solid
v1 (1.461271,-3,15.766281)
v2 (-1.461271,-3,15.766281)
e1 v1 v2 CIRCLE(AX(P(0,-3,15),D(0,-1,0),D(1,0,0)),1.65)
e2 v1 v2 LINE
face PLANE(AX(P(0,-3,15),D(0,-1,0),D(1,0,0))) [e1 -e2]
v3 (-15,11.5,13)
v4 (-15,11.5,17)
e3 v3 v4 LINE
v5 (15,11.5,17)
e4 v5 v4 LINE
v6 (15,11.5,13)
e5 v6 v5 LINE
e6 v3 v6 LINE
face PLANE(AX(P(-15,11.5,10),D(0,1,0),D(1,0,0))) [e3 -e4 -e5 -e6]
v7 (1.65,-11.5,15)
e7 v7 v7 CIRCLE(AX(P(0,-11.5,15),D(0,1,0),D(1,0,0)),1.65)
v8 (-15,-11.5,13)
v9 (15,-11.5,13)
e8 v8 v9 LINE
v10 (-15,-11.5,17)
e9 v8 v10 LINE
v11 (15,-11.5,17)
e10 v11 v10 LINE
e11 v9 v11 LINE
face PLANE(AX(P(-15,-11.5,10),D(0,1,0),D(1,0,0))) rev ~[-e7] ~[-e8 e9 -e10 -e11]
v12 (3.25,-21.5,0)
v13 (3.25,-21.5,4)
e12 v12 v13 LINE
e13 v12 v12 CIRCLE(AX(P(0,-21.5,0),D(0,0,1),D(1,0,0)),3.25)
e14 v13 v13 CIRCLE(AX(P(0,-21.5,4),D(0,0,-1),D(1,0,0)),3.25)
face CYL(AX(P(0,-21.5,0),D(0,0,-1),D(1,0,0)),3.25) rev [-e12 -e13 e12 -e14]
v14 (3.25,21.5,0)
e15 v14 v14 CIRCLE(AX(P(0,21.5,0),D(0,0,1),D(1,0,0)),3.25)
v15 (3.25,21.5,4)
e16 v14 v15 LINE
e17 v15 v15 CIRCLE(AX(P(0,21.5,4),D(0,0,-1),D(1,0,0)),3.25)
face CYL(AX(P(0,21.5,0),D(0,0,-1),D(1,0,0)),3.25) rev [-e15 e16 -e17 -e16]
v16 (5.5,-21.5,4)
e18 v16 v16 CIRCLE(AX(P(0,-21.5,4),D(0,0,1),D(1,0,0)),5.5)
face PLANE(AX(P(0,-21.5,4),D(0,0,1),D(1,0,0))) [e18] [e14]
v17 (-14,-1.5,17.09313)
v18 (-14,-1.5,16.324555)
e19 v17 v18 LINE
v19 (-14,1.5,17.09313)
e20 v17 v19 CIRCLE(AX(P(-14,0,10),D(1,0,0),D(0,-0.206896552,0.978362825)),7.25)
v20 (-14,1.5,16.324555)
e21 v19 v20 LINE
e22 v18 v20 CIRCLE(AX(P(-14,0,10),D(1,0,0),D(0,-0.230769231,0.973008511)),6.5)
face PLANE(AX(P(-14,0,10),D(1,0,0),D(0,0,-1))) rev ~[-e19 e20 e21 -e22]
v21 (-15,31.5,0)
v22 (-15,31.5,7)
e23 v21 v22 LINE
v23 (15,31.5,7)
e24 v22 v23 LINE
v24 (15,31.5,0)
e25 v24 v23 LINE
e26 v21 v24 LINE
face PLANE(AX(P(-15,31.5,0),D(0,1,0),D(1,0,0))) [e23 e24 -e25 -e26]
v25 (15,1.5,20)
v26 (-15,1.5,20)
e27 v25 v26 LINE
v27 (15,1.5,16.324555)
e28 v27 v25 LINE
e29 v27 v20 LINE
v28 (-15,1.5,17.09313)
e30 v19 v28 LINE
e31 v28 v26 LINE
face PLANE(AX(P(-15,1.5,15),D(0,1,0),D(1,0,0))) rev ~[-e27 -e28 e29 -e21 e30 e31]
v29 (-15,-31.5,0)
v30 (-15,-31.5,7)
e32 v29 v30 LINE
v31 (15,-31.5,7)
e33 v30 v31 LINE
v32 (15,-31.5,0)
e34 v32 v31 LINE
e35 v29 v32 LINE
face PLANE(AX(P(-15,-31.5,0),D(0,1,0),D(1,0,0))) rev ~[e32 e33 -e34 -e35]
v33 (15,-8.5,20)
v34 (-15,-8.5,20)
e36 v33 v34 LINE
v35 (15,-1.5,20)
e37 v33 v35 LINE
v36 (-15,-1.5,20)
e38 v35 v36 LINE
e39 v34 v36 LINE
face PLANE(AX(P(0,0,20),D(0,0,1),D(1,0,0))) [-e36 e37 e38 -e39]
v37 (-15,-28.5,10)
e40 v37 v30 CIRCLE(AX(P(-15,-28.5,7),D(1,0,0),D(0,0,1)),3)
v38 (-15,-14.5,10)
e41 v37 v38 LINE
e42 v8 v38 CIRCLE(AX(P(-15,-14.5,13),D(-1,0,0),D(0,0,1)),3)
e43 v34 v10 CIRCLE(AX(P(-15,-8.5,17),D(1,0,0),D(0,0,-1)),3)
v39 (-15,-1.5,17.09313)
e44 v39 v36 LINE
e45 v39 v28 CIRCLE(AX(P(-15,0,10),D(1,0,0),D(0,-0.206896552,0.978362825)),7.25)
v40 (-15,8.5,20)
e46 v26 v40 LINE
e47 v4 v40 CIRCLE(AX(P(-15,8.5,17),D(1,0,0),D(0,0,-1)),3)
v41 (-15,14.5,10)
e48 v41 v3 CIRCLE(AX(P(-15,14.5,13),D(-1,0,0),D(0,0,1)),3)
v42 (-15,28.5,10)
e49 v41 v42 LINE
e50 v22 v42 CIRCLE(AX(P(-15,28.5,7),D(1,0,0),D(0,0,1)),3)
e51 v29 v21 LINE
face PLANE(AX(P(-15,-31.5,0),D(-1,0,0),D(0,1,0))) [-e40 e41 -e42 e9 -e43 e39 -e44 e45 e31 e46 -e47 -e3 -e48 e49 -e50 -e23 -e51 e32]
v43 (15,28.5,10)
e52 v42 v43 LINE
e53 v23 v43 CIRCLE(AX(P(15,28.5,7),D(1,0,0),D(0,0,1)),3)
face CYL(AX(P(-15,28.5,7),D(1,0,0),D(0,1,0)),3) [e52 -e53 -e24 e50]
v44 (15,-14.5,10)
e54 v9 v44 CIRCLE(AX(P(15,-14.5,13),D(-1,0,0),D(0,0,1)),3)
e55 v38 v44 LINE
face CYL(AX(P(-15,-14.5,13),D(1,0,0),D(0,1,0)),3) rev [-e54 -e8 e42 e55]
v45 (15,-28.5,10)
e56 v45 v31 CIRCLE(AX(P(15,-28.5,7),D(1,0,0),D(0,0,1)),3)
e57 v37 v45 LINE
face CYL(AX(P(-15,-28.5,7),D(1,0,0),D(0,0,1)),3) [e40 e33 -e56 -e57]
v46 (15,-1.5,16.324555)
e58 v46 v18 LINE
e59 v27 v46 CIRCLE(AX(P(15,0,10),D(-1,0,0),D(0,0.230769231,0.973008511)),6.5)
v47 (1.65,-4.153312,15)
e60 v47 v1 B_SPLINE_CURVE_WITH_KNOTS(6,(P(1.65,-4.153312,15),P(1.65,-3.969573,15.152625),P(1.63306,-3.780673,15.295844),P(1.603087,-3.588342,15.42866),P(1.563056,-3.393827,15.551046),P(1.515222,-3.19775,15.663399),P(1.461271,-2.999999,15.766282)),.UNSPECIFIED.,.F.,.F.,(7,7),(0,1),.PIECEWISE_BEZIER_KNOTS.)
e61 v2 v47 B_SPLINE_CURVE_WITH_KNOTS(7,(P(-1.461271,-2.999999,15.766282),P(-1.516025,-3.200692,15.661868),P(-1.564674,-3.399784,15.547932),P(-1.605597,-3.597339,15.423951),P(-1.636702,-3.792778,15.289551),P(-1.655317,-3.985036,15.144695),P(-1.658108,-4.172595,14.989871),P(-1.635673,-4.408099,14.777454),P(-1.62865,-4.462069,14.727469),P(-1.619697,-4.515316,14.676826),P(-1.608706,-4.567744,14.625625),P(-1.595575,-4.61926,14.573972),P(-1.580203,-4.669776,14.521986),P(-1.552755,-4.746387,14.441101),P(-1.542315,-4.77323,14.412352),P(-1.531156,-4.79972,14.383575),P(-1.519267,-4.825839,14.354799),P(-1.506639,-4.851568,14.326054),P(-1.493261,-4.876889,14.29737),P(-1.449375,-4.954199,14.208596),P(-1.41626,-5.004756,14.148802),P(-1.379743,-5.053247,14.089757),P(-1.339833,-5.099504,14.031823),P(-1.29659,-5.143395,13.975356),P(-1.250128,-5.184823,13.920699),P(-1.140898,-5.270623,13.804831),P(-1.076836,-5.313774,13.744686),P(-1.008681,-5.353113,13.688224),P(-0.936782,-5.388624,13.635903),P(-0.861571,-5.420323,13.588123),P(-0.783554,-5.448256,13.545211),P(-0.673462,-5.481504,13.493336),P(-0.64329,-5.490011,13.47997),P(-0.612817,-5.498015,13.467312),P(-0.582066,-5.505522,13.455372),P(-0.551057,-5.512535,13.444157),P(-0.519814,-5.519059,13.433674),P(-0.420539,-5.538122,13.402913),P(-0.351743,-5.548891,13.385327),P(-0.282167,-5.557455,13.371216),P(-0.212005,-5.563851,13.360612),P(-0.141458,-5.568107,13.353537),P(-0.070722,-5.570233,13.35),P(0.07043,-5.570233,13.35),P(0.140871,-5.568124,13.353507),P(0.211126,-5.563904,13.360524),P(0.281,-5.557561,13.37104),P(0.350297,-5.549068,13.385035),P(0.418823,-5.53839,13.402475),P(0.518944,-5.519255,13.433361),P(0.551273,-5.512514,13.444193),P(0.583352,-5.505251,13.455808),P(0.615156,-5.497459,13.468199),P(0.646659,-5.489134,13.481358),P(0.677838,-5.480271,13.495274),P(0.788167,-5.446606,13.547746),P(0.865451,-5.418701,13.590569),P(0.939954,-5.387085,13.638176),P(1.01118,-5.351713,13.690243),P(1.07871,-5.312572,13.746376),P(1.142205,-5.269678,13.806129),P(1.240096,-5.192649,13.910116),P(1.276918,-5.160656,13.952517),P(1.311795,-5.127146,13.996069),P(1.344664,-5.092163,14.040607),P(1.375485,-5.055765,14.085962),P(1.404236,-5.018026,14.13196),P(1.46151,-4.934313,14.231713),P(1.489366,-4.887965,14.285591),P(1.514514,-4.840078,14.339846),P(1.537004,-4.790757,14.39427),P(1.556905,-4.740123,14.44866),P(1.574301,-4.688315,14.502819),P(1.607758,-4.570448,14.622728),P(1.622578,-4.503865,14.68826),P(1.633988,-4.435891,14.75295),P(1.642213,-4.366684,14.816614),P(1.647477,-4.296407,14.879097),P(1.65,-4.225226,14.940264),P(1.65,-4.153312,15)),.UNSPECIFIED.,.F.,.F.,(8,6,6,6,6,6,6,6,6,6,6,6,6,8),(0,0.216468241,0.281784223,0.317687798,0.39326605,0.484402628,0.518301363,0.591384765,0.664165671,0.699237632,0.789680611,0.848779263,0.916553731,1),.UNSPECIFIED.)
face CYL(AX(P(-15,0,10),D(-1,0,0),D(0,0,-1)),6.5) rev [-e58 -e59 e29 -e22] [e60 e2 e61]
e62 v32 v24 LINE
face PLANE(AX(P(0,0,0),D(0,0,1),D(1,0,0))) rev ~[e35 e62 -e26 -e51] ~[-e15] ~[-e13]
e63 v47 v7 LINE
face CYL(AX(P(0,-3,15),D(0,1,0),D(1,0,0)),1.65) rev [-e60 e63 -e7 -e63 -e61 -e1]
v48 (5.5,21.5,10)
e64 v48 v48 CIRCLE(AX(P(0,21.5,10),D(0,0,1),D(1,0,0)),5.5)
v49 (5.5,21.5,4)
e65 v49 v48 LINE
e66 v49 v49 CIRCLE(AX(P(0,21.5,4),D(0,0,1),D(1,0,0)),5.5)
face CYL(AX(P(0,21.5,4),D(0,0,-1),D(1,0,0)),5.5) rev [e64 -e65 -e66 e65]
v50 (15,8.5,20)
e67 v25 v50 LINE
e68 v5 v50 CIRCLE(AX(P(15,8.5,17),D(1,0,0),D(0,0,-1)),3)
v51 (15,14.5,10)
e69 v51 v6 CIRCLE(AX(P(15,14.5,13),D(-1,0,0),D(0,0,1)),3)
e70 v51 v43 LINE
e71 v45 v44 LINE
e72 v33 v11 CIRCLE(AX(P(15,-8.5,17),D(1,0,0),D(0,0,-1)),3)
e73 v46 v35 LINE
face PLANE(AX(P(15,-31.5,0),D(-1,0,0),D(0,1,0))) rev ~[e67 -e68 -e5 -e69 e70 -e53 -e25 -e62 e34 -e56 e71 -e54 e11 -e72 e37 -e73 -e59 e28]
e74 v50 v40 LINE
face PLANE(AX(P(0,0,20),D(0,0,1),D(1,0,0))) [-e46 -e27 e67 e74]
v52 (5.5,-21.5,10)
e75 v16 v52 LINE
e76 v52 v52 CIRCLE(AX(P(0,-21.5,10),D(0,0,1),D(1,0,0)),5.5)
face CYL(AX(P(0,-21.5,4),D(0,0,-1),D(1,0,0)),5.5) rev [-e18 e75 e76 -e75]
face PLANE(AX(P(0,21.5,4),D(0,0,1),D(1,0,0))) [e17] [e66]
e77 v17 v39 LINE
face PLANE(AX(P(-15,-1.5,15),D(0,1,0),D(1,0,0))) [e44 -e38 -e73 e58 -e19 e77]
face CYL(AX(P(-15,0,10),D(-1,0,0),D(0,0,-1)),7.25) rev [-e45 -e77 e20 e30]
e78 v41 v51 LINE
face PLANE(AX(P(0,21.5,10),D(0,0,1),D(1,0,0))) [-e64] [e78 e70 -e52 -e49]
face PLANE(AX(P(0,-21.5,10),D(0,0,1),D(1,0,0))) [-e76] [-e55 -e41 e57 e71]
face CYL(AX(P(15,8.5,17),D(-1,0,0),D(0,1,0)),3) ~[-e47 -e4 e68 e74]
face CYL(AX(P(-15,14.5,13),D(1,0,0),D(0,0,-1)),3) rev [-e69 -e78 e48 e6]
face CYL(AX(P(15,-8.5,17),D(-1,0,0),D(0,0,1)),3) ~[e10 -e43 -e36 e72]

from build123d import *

# Parameters (mm, degrees)
CYLINDER008_R             = 1.65
CYLINDER008_DEPTH         = 10
CYLINDER007_R             = 7.25
CYLINDER007_DEPTH         = 1
CYLINDER006_R             = 6.5
CYLINDER006_DEPTH         = 32
FUSION005_PLACEMENT_ANGLE = 90
BOX003_W                  = 30
BOX003_H                  = 3
BOX003_DEPTH              = 15
CYLINDER003_R             = 3.25
CYLINDER003_DEPTH         = 10
CYLINDER002_R             = 5.5
CYLINDER002_DEPTH         = 6
CYLINDER005_R             = 3.25
CYLINDER005_DEPTH         = 10
CYLINDER004_R             = 5.5
CYLINDER004_DEPTH         = 6
BOX002_W                  = 30
BOX002_H                  = 20
BOX002_DEPTH              = 20
BOX001_W                  = 30
BOX001_H                  = 20
BOX001_DEPTH              = 20
BOX_W                     = 30
BOX_H                     = 63
BOX_DEPTH                 = 20
FILLET_R                  = 3


with BuildPart() as m4wormscrew:
    # Cylinder008 → Cylinder008 (new body)
    with BuildSketch(Plane(origin=(0, -3, 15), x_dir=(1, 0, 0), z_dir=(0, -1, 0))):
        Circle(CYLINDER008_R)
    extrude(amount=CYLINDER008_DEPTH)


with BuildPart() as cylinder007:
    # Cylinder007 → Cylinder007 (new body)
    with BuildSketch(Plane.XY):
        Circle(CYLINDER007_R)
    extrude(amount=CYLINDER007_DEPTH)


with BuildPart() as lasermoduletemplate001:
    # Cylinder006 → Cylinder006 (new body)
    with BuildSketch(Plane.XY):
        Circle(CYLINDER006_R)
    extrude(amount=CYLINDER006_DEPTH)

    # Fusion005: union Cylinder007
    add(cylinder007.part)


with BuildPart() as lasermoduletemplate001_1:
    # Fusion005 placement: moved
    add(lasermoduletemplate001.part.moved(Location((-15, 0, 10))).rotate(Axis((-15, 0, 10), (0, 1, 0)), FUSION005_PLACEMENT_ANGLE))


with BuildPart() as cube003:
    # Box003 → Box003 (new body)
    with BuildSketch(Plane(origin=(-15, -1.5, 15), x_dir=(1, 0, 0), z_dir=(0, 0, 1))):
        with Locations((15, 1.5)):
            Rectangle(BOX003_W, BOX003_H)
    extrude(amount=BOX003_DEPTH)


with BuildPart() as cylinder003:
    # Cylinder003 → Cylinder003 (new body)
    with BuildSketch(Plane.XY):
        Circle(CYLINDER003_R)
    extrude(amount=CYLINDER003_DEPTH)


with BuildPart() as screwthrough001:
    # Cylinder002 → Cylinder002 (new body)
    with BuildSketch(Plane.XY.offset(4)):
        Circle(CYLINDER002_R)
    extrude(amount=CYLINDER002_DEPTH)

    # Fusion001: union Cylinder003
    add(cylinder003.part)


with BuildPart() as screwthrough001_1:
    # Fusion001 placement: moved
    add(screwthrough001.part.moved(Location((0, -21.5, 0))))


with BuildPart() as cylinder005:
    # Cylinder005 → Cylinder005 (new body)
    with BuildSketch(Plane.XY):
        Circle(CYLINDER005_R)
    extrude(amount=CYLINDER005_DEPTH)


with BuildPart() as fusion004:
    # Cylinder004 → Cylinder004 (new body)
    with BuildSketch(Plane.XY.offset(4)):
        Circle(CYLINDER004_R)
    extrude(amount=CYLINDER004_DEPTH)

    # Fusion002: union Cylinder005
    add(cylinder005.part)


with BuildPart() as fusion004_1:
    # Fusion002 placement: moved
    add(fusion004.part.moved(Location((0, 21.5, 0))))

    # Fusion004: union ScrewThrough001
    add(screwthrough001_1.part)


with BuildPart() as cube002:
    # Box002 → Box002 (new body)
    with BuildSketch(Plane(origin=(-15, -31.5, 10), x_dir=(1, 0, 0), z_dir=(0, 0, 1))):
        with Locations((15, 10)):
            Rectangle(BOX002_W, BOX002_H)
    extrude(amount=BOX002_DEPTH)


with BuildPart() as fusion003:
    # Box001 → Box001 (new body)
    with BuildSketch(Plane(origin=(-15, 11.5, 10), x_dir=(1, 0, 0), z_dir=(0, 0, 1))):
        with Locations((15, 10)):
            Rectangle(BOX001_W, BOX001_H)
    extrude(amount=BOX001_DEPTH)

    # Fusion003: union Cube002
    add(cube002.part)


with BuildPart() as cut004:
    # Box → Box (new body)
    with BuildSketch(Plane(origin=(-15, -31.5, 0), x_dir=(1, 0, 0), z_dir=(0, 0, 1))):
        with Locations((15, 31.5)):
            Rectangle(BOX_W, BOX_H)
    extrude(amount=BOX_DEPTH)

    # Cut: cut Fusion003
    add(fusion003.part, mode=Mode.SUBTRACT)

    # Cut001: cut Fusion004
    add(fusion004_1.part, mode=Mode.SUBTRACT)

    # Cut002: cut Cube003
    add(cube003.part, mode=Mode.SUBTRACT)

    # Cut003: cut LaserModuleTemplate001
    add(lasermoduletemplate001_1.part, mode=Mode.SUBTRACT)

    # Fillet
    fillet_edges = [cut004.edges().sort_by_distance(p)[0] for p in [
        (0, -31.5, 10),
        (0, -11.5, 10),
        (0, -11.5, 20),
        (0, 11.5, 20),
        (0, 11.5, 10),
        (0, 31.5, 10),
    ]]
    fillet(fillet_edges, radius=FILLET_R)

    # Cut004: cut M4WormScrew
    add(m4wormscrew.part, mode=Mode.SUBTRACT)


solid = cut004.part
